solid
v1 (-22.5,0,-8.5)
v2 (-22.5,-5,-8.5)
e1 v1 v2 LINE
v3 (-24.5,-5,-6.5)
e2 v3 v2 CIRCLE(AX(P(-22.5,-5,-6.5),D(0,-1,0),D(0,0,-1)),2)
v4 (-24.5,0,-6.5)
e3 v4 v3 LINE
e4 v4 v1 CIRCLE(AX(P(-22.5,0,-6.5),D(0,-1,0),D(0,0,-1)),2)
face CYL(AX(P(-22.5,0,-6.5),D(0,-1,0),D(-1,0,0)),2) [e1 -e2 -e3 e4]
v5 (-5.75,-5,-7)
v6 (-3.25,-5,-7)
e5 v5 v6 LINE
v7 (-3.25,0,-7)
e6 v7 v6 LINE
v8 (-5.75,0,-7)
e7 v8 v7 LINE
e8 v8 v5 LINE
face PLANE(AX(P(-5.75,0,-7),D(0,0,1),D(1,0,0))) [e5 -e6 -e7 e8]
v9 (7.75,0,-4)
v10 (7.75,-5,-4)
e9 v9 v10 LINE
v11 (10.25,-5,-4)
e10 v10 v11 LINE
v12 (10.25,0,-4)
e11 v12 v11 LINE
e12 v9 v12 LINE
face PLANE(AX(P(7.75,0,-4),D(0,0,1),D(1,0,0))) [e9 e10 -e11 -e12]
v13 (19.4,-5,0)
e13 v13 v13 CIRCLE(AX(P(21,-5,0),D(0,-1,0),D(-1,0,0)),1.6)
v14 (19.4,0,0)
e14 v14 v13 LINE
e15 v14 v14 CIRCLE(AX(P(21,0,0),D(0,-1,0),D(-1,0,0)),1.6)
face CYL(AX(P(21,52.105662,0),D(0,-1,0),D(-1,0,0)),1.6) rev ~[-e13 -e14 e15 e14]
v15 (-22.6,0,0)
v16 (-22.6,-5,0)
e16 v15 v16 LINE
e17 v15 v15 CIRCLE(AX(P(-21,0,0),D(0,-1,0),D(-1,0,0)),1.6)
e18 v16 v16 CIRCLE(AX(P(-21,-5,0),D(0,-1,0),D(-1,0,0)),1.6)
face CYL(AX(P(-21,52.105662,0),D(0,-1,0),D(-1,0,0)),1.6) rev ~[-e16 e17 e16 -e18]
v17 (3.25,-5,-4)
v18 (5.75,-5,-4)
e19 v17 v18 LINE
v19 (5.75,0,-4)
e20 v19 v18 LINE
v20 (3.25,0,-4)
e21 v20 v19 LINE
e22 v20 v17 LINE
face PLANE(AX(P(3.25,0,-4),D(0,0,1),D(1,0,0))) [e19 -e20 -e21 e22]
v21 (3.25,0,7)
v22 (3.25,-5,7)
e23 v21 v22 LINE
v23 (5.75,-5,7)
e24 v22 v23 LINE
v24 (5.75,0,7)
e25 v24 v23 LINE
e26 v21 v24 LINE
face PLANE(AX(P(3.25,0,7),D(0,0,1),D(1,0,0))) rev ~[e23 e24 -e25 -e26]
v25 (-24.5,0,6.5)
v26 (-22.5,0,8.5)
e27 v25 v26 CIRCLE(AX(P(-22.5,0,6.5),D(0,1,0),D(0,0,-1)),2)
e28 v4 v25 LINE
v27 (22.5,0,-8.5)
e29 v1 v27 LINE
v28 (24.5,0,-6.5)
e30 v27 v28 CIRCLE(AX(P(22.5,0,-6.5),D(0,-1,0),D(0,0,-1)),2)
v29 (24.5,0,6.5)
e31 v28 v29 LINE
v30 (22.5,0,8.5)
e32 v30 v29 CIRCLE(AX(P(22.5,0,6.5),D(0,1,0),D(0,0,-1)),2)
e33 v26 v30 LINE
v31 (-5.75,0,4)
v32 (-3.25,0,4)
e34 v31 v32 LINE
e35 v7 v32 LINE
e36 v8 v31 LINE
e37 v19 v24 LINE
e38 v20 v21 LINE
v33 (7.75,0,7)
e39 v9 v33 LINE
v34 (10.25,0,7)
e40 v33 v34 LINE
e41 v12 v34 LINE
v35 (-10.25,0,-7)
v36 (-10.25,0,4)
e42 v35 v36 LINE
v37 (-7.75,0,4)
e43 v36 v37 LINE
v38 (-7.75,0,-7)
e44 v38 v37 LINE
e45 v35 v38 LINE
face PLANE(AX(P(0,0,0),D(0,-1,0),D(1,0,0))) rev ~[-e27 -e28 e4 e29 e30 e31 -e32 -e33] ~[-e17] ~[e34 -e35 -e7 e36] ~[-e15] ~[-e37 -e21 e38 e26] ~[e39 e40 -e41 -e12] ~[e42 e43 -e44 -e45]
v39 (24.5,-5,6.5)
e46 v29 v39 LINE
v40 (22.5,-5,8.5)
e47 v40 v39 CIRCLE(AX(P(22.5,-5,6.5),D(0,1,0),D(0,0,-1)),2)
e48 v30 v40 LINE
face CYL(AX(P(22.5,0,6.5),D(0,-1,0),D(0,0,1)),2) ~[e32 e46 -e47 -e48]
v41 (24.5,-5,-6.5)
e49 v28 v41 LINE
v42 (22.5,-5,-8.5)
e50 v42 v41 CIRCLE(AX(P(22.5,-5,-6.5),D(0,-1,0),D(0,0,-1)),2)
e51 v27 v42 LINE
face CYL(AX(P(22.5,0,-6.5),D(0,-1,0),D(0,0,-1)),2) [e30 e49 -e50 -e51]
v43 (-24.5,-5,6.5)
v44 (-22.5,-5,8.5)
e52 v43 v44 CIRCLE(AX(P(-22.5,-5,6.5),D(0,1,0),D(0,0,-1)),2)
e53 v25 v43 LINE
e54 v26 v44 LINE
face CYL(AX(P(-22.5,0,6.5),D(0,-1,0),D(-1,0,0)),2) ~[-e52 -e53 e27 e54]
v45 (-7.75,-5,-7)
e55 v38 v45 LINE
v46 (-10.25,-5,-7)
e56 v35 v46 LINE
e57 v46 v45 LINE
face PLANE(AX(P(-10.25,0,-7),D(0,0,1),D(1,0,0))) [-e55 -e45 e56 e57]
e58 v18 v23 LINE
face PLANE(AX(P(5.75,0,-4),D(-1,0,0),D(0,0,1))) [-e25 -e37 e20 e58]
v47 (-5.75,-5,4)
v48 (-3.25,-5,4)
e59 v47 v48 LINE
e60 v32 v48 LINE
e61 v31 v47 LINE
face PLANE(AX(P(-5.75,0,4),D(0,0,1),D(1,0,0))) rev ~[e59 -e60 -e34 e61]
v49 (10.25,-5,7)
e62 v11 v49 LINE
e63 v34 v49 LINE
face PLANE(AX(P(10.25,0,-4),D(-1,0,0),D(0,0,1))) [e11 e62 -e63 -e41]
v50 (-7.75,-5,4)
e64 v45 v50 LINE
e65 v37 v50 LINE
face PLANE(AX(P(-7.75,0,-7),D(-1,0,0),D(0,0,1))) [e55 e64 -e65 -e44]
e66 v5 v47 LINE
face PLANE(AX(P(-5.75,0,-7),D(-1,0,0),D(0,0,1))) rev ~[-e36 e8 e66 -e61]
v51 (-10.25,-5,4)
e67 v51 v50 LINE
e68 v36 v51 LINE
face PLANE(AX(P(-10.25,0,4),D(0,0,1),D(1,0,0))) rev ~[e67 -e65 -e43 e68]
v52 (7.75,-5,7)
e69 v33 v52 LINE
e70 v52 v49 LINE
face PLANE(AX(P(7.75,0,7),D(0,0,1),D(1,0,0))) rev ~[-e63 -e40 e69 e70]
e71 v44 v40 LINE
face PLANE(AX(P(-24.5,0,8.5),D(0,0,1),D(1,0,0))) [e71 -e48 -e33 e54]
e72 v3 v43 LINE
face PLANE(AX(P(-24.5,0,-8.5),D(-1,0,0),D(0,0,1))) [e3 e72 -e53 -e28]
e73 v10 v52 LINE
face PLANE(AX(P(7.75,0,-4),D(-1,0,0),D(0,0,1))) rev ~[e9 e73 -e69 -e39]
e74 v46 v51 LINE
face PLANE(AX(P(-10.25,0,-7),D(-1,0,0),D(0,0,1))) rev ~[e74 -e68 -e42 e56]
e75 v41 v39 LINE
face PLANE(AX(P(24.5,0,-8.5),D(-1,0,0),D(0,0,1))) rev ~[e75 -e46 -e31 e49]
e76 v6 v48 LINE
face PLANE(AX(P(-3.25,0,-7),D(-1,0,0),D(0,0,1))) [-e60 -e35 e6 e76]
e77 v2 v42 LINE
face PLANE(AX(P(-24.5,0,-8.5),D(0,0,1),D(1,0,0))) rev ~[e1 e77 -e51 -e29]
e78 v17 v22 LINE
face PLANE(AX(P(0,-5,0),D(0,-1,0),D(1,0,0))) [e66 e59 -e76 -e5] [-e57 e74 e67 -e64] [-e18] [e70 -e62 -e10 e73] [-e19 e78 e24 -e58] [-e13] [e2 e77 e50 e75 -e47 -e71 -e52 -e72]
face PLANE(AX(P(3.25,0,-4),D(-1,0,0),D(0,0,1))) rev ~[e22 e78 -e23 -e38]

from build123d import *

# Parameters (mm, degrees)
F0_W     = 49
F0_H     = 17
F0_W_2   = 2.5
F0_H_2   = 11
F1_DEPTH = 5
F3_D     = 3.2
F4_R     = 2


with BuildPart() as f1:
    # F0 (on Front) → F1 (new body)
    with BuildSketch(Plane.XZ):
        Rectangle(F0_W, F0_H)
        with Locations((-9, -1.5)):
            Rectangle(F0_W_2, F0_H_2, mode=Mode.SUBTRACT)
        with Locations((-4.5, -1.5)):
            Rectangle(F0_W_2, F0_H_2, mode=Mode.SUBTRACT)
        with Locations((4.5, 1.5)):
            Rectangle(F0_W_2, F0_H_2, mode=Mode.SUBTRACT)
        with Locations((9, 1.5)):
            Rectangle(F0_W_2, F0_H_2, mode=Mode.SUBTRACT)
    extrude(amount=F1_DEPTH)

    # F3 (through all)
    with Locations(Plane(origin=(0, 0, 0), x_dir=(1, 0, 0), z_dir=(0, 1, 0))):
        with Locations((-21, 0), (21, 0)):
            Hole(F3_D / 2)

    # F4
    f4_edges = [f1.edges().sort_by_distance(p)[0] for p in [
        (-24.5, -2.5, 8.5),
        (-24.5, -2.5, -8.5),
        (24.5, -2.5, 8.5),
        (24.5, -2.5, -8.5),
    ]]
    fillet(f4_edges, radius=F4_R)


solid = f1.part
